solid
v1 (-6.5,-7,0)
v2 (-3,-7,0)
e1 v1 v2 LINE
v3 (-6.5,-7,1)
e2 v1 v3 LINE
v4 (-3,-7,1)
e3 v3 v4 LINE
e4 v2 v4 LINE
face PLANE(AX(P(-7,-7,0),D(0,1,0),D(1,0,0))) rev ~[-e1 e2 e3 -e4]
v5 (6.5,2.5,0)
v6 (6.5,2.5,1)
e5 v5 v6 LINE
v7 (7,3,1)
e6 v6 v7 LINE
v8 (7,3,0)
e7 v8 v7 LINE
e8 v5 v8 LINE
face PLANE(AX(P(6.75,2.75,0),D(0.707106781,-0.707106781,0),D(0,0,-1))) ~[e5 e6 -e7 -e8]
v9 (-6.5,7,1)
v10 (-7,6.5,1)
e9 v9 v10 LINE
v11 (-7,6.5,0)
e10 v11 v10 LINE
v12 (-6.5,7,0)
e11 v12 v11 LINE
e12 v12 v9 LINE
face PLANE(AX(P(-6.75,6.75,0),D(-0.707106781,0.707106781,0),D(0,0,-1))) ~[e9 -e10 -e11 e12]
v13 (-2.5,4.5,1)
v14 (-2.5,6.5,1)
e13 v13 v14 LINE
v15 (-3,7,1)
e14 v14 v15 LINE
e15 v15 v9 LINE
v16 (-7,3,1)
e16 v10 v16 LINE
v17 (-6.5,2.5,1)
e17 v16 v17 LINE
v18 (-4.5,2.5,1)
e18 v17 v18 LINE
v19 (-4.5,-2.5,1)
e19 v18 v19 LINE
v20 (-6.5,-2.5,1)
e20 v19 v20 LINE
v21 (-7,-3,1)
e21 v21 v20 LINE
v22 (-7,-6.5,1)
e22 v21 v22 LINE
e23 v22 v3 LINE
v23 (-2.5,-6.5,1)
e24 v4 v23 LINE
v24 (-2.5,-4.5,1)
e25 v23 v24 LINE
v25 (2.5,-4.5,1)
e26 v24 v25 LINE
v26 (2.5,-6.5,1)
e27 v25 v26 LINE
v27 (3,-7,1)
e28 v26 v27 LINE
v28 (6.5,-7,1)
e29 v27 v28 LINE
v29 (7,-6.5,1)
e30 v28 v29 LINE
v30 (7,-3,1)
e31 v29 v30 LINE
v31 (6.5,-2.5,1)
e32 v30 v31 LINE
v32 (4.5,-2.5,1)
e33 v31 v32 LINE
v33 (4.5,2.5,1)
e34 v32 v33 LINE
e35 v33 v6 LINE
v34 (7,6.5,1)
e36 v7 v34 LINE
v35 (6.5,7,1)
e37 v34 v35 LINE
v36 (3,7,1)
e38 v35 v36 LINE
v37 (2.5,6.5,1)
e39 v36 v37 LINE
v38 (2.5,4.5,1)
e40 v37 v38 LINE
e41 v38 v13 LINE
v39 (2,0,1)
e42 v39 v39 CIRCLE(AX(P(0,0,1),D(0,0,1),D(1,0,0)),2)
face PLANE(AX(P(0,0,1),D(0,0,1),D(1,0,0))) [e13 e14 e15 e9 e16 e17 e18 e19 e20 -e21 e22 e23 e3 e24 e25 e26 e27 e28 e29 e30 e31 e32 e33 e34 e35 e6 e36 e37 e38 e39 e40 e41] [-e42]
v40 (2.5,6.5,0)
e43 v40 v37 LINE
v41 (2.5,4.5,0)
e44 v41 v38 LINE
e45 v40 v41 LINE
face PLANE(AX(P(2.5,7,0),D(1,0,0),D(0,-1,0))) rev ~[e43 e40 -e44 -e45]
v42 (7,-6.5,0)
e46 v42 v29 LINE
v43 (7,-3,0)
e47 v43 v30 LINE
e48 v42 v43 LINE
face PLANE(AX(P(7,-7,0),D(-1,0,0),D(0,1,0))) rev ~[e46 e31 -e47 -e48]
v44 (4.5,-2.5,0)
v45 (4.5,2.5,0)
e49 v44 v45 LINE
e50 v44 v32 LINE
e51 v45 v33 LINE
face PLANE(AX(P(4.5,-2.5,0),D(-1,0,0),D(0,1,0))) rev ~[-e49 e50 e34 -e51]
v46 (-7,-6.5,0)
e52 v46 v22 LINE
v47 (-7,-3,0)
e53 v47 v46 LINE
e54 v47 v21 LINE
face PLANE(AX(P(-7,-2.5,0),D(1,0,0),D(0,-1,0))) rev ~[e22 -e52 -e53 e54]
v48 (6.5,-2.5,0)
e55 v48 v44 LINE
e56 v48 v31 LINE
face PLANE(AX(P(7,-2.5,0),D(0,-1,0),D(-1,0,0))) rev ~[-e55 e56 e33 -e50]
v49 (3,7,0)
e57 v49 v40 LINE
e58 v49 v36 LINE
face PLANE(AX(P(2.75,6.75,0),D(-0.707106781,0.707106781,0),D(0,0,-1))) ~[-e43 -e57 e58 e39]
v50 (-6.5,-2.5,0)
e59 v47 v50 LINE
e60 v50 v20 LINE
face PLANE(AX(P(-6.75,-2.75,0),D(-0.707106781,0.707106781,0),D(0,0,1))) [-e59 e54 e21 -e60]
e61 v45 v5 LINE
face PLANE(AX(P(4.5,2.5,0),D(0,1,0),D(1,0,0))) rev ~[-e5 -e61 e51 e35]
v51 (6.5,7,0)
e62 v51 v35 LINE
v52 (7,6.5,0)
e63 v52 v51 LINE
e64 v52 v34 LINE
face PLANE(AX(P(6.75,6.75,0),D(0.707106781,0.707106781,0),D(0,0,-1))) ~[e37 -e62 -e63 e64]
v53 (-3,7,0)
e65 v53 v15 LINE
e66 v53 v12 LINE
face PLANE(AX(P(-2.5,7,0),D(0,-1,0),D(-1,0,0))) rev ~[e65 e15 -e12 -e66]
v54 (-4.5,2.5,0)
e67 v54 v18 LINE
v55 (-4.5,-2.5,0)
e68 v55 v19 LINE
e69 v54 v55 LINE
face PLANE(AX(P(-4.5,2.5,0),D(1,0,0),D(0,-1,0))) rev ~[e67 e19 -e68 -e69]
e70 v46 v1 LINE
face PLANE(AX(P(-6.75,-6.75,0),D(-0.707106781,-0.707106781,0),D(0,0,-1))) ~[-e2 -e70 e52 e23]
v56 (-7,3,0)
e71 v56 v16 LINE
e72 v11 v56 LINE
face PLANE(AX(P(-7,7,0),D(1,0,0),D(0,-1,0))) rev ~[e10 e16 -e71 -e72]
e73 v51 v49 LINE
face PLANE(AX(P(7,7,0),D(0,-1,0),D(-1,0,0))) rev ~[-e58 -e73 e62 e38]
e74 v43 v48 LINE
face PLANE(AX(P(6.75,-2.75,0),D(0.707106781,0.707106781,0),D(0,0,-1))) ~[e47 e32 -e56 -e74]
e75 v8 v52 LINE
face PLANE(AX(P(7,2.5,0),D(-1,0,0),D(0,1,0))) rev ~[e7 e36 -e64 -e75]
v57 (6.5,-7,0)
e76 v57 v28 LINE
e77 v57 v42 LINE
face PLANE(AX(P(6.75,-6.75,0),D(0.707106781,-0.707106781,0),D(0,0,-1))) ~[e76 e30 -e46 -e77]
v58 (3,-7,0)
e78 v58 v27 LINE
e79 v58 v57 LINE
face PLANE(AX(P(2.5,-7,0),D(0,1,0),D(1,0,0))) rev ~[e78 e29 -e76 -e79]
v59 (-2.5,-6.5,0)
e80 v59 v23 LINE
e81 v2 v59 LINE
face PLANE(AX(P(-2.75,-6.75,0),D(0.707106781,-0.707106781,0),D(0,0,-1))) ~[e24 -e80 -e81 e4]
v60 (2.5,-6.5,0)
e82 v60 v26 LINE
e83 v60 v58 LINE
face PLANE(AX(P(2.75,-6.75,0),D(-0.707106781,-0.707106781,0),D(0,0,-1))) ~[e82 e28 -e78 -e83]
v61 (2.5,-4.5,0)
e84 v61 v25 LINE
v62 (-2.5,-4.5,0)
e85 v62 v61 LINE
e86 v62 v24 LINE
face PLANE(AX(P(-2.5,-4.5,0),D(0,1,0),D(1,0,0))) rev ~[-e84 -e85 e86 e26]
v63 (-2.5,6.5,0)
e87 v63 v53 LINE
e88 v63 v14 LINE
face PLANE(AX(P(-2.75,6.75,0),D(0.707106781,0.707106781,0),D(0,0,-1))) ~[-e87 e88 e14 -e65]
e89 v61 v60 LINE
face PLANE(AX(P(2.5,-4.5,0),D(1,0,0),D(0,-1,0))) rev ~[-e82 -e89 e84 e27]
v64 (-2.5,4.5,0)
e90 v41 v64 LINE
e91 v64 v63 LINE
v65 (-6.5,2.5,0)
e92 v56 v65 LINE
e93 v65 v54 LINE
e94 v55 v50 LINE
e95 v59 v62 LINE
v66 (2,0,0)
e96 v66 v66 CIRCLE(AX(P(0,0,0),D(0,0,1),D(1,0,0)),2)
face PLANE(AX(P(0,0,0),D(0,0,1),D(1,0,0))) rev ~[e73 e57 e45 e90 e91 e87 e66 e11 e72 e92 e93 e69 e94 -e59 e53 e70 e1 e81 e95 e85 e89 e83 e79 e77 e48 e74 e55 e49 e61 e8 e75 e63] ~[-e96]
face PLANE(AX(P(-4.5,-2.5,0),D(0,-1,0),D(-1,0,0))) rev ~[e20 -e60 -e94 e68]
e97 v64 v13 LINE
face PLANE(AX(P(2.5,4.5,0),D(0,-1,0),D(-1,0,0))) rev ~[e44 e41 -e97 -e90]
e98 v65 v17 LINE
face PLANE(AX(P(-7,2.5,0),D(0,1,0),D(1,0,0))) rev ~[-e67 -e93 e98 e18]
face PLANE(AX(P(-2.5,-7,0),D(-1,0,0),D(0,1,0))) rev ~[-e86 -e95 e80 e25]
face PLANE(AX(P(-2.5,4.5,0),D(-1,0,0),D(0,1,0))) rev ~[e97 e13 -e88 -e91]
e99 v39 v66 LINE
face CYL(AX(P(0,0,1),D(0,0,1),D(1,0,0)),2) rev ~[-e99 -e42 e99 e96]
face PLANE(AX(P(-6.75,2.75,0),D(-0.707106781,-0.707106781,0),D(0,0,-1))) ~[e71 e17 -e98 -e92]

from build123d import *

# Parameters (mm, degrees)
F1_DEPTH = 1
F2_SIZE  = 0.5
F3_R     = 2
F4_DEPTH = 25


with BuildPart() as f1:
    # F0 (on Top) → F1 (new body)
    with BuildSketch(Plane.XY):
        Polygon((-7, -2.5), (-7, -7), (-2.5, -7), (-2.5, -4.5), (2.5, -4.5), (2.5, -7), (7, -7), (7, -2.5), (4.5, -2.5), (4.5, 2.5), (7, 2.5), (7, 7), (2.5, 7), (2.5, 4.5), (-2.5, 4.5), (-2.5, 7), (-7, 7), (-7, 2.5), (-4.5, 2.5), (-4.5, -2.5), align=None)
    extrude(amount=F1_DEPTH)

    # F2
    f2_edges = [f1.edges().sort_by_distance(p)[0] for p in [
        (-7, -7, 0.5),
        (-2.5, -7, 0.5),
        (-7, -2.5, 0.5),
        (-7, 2.5, 0.5),
        (-7, 7, 0.5),
        (-2.5, 7, 0.5),
        (2.5, 7, 0.5),
        (7, 7, 0.5),
        (7, -2.5, 0.5),
        (7, -7, 0.5),
        (2.5, -7, 0.5),
        (7, 2.5, 0.5),
    ]]
    chamfer(f2_edges, length=F2_SIZE)

    # F3 (on face) → F4 (cut)
    with BuildSketch(Plane.XY.offset(1)):
        Circle(F3_R)
    extrude(amount=-F4_DEPTH, mode=Mode.SUBTRACT)


solid = f1.part
